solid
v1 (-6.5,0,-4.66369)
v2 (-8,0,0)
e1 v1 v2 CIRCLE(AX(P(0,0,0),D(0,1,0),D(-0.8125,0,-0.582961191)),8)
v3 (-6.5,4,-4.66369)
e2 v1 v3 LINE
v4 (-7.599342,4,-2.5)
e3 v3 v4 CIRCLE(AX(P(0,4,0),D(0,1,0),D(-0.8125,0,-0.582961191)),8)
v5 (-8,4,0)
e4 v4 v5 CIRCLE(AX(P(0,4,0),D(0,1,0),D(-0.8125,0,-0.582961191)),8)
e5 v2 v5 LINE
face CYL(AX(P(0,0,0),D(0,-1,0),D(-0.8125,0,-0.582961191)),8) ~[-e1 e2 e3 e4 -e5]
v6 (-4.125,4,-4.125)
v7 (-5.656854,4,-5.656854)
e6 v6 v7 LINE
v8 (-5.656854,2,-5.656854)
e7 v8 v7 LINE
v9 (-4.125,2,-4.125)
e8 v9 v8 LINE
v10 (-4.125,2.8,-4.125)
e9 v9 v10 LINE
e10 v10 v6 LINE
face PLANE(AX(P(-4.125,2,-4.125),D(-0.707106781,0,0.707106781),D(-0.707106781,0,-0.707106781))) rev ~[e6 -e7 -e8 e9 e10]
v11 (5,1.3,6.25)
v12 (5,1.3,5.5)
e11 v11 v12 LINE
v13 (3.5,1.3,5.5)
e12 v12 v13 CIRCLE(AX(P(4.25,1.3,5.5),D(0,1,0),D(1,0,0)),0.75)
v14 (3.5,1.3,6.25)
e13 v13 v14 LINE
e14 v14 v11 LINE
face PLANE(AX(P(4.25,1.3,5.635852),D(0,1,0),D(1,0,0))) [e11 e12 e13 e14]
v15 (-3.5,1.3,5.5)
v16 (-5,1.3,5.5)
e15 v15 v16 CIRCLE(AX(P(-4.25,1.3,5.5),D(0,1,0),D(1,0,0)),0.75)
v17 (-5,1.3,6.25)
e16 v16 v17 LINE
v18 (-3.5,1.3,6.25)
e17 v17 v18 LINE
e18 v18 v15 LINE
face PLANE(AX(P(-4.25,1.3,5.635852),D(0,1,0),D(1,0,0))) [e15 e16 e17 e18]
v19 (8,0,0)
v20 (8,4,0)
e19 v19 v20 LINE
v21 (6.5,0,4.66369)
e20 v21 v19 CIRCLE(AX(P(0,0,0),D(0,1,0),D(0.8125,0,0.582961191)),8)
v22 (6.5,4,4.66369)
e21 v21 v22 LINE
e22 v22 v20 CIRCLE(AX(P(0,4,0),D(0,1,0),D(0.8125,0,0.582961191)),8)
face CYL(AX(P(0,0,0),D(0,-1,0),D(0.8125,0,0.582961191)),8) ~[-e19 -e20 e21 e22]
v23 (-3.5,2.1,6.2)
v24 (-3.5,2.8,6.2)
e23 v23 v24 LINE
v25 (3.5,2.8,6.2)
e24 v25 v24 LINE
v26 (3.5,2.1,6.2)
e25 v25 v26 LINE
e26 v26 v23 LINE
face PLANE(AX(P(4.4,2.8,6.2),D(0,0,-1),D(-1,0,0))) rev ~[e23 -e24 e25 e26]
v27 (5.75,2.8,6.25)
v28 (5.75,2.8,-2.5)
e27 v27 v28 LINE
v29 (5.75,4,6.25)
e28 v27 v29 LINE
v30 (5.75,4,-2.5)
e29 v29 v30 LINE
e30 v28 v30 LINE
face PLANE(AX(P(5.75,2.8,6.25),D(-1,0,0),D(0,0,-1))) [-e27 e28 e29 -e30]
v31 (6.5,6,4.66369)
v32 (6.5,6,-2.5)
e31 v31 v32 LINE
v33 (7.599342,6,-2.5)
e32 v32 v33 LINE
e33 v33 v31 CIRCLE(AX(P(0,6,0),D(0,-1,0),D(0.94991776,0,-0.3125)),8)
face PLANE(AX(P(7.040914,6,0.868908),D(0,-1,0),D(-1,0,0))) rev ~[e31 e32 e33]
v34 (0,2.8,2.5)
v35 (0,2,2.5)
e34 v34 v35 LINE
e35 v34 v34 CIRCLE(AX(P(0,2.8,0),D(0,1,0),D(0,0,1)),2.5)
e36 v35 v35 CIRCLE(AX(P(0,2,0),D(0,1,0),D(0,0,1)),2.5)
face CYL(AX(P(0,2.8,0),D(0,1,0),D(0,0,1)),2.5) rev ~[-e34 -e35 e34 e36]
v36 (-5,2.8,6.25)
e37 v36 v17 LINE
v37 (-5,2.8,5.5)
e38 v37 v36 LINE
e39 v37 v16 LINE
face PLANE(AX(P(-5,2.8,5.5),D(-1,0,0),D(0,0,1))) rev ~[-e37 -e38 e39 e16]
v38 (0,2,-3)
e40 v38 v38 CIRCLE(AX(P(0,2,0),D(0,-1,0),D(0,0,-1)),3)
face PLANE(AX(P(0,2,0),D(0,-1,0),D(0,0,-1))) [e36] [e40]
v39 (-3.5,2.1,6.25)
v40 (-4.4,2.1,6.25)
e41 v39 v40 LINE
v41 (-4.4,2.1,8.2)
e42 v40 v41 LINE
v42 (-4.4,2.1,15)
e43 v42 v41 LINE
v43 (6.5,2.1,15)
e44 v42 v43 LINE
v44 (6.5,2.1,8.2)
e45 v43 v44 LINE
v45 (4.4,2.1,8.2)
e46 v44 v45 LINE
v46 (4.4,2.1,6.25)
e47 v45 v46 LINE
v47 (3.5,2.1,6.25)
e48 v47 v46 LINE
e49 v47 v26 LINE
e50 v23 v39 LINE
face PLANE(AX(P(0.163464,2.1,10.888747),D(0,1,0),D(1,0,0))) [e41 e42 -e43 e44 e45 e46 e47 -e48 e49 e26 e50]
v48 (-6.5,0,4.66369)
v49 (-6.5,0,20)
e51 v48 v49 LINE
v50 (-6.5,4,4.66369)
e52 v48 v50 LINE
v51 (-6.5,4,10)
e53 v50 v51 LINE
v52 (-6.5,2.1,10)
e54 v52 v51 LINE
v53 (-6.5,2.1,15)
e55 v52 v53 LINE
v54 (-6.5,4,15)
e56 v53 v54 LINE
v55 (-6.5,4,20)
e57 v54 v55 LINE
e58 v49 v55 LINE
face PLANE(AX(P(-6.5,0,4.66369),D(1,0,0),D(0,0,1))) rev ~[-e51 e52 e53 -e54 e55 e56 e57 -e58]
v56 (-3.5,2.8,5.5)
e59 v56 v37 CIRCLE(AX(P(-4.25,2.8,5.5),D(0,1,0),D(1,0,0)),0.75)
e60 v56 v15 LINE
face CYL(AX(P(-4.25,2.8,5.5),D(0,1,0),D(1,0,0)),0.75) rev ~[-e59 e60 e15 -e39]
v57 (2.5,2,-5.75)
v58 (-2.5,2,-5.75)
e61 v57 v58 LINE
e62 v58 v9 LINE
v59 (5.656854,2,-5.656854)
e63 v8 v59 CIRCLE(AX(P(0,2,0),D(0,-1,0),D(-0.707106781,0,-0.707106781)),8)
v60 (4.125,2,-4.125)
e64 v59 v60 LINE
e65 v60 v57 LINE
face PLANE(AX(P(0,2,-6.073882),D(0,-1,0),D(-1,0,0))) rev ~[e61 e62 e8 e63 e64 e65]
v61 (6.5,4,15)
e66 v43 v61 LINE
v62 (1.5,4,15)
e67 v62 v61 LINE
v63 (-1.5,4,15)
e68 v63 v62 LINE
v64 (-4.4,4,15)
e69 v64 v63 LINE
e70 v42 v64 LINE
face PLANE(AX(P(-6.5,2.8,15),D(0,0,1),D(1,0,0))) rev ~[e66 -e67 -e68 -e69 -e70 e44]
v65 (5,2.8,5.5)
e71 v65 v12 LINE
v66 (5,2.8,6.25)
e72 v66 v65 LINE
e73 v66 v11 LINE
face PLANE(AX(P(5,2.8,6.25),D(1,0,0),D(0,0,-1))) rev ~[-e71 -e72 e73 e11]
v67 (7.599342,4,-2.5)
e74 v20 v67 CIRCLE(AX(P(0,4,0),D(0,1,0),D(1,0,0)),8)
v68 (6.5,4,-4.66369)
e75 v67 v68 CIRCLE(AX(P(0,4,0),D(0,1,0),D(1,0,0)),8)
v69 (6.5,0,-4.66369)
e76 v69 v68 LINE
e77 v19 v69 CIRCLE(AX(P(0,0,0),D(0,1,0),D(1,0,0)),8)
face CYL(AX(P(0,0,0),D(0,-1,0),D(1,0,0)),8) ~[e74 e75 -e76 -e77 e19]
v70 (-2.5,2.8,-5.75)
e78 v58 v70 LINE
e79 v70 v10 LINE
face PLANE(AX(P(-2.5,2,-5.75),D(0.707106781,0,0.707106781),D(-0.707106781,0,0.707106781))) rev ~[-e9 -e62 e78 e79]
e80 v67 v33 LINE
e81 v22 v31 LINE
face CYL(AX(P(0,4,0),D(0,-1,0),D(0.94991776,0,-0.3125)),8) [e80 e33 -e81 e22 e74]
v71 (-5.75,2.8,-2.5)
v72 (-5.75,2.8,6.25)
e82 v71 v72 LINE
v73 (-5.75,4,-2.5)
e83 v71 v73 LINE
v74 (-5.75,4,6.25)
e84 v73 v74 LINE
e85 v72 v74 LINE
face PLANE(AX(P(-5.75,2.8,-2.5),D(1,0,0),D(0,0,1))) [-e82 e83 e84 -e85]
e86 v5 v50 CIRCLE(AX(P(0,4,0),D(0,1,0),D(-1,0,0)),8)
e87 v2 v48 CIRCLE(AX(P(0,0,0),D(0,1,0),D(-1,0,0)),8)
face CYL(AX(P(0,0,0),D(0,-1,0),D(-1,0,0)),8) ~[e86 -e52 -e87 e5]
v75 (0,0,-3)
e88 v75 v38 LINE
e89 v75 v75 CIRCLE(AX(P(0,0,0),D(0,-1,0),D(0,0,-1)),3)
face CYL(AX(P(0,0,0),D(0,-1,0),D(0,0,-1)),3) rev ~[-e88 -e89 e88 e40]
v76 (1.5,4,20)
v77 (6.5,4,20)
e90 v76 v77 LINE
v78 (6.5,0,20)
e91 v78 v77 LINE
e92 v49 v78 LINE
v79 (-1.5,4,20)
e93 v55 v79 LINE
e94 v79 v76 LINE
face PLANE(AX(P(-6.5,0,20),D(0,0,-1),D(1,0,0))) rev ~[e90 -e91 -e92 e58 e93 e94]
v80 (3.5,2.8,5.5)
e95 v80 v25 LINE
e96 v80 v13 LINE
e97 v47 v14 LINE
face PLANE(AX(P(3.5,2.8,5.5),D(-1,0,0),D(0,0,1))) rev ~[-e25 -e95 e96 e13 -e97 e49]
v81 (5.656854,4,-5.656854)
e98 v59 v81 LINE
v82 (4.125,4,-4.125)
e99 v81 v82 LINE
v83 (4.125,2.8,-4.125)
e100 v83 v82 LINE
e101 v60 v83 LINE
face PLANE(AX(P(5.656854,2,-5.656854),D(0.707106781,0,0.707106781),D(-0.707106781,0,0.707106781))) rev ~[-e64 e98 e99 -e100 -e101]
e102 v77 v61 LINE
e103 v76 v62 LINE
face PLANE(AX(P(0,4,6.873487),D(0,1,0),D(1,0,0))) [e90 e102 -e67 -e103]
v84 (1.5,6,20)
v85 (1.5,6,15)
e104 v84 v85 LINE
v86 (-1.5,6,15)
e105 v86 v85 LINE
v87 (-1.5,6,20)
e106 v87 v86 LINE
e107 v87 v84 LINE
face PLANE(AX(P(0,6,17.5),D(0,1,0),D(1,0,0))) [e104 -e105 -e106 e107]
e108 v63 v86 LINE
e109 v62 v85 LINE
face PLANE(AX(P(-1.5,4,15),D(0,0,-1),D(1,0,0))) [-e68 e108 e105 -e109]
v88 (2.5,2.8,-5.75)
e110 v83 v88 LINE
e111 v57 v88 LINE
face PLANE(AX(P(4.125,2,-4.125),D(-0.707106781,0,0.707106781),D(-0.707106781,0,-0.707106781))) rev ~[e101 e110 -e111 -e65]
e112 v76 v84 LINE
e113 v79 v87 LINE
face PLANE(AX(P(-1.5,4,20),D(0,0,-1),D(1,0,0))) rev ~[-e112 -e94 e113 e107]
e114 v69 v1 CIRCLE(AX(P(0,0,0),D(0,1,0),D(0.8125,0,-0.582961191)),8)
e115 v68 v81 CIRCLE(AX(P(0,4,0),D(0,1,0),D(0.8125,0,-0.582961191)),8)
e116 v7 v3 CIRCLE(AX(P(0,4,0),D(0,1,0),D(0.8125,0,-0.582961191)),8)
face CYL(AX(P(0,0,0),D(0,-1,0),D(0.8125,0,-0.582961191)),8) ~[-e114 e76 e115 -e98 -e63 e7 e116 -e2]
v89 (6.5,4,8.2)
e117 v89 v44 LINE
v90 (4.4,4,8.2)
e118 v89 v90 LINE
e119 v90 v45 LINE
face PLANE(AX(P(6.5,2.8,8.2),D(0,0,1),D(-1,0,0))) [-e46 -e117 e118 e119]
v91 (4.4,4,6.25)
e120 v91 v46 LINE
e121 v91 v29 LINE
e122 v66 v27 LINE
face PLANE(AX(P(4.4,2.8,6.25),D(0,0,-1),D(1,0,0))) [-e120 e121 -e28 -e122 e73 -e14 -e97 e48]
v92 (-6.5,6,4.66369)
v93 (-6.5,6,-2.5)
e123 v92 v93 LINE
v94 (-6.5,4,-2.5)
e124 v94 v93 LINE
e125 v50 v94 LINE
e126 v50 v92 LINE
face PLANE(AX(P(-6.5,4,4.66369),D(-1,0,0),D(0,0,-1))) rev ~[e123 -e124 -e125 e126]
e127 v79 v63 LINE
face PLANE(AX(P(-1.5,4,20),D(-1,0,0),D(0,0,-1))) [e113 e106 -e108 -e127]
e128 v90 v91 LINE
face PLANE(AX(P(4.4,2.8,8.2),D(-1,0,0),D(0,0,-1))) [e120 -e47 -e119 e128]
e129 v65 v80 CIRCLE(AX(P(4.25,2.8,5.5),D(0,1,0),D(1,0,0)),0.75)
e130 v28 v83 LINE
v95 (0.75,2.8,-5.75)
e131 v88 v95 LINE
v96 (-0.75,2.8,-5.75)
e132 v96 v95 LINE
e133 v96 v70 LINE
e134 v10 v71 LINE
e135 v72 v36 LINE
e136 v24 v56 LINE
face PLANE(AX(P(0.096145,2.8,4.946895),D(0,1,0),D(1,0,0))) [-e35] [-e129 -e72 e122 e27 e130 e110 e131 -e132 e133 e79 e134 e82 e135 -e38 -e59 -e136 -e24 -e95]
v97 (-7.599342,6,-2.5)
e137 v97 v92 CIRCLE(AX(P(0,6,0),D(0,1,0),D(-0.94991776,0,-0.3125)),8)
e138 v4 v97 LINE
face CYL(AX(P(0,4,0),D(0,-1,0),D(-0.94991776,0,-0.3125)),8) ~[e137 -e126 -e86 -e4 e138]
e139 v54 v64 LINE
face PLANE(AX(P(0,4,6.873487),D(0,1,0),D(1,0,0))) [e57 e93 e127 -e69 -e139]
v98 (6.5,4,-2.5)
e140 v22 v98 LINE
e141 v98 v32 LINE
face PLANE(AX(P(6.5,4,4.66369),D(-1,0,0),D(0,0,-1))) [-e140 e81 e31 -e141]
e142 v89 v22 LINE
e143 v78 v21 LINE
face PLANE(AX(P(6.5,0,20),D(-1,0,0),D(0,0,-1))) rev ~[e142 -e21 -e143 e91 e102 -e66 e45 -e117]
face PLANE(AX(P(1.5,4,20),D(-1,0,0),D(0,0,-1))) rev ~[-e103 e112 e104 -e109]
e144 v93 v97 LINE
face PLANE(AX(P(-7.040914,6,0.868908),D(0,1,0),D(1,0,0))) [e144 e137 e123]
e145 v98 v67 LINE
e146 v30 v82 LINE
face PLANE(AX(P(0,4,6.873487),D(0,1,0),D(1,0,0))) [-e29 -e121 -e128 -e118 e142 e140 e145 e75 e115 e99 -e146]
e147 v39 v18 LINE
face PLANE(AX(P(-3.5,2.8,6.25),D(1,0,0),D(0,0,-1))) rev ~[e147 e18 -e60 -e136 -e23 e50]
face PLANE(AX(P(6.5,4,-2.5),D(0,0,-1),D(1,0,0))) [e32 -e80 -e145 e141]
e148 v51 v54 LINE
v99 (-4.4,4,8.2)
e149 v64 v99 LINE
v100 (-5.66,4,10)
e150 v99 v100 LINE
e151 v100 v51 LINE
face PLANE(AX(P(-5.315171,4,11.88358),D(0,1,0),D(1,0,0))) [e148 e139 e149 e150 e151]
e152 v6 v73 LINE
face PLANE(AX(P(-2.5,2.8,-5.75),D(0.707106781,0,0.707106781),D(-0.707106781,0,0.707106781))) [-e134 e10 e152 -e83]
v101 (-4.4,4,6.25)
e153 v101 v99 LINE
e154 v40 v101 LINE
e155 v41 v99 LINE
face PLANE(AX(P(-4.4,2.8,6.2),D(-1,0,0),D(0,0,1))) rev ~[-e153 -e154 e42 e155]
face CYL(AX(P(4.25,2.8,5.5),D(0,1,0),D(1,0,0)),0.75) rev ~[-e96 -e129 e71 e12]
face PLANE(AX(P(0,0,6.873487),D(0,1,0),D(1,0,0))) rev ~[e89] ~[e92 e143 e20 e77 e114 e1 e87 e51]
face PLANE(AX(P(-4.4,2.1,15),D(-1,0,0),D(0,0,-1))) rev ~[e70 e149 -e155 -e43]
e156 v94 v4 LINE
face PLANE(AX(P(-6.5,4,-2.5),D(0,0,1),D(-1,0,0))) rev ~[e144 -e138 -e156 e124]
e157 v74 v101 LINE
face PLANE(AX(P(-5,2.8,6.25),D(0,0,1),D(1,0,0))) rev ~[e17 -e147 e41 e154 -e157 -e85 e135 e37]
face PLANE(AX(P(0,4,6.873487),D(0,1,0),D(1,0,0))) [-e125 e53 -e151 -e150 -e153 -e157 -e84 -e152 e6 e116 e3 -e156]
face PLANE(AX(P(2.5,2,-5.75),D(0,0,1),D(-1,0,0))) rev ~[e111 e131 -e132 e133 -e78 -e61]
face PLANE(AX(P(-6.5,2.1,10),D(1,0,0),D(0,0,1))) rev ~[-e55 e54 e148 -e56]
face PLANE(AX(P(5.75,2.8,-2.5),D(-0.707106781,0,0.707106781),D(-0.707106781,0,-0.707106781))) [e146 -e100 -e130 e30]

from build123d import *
from build123d.topology import SkipClean

# Parameters (mm, degrees)
BOSS_EXTRUDE1_DEPTH = 4
SKETCH2_R           = 3
CUT_EXTRUDE1_DEPTH  = 2
SKETCH3_R           = 1.5
CUT_EXTRUDE2_DEPTH  = 22.633307653
CUT_EXTRUDE4_START  = -1.2
CUT_EXTRUDE4_DEPTH  = 1.2
CUT_EXTRUDE6_DEPTH  = 1.5
CUT_EXTRUDE7_DEPTH  = 0.7
BOSS_EXTRUDE3_DEPTH = 2
CUT_EXTRUDE12_START = -2
CUT_EXTRUDE12_DEPTH = 2
SKETCH6_R           = 2.5
CUT_EXTRUDE13_DEPTH = 22.777052142
SKETCH16_W          = 3
SKETCH16_H          = 5
BOSS_EXTRUDE4_DEPTH = 2
BOSS_EXTRUDE6_DEPTH = 1.9


with BuildPart() as part:
    # Sketch1 → Boss-Extrude1 (new body)
    with BuildSketch(Plane(origin=(0, 0, 0), x_dir=(1, 0, 0), z_dir=(0, 1, 0))):
        with BuildLine():
            Line((6.5, -20), (6.5, -4.663689527))
            ThreePointArc((6.5, -4.663689527), (7.615773106, -2.449489743), (8, 0))
            ThreePointArc((8, 0), (7.615773106, 2.449489743), (6.5, 4.663689527))
            ThreePointArc((6.5, 4.663689527), (0, 8), (-6.5, 4.663689527))
            ThreePointArc((-6.5, 4.663689527), (-7.615773106, 2.449489743), (-8, 0))
            ThreePointArc((-8, 0), (-7.615773106, -2.449489743), (-6.5, -4.663689527))
            Line((-6.5, -4.663689527), (-6.5, -20))
            Line((-6.5, -20), (6.5, -20))
        make_face()
    extrude(amount=BOSS_EXTRUDE1_DEPTH)

    # Sketch2 → Cut-Extrude1 (cut)
    with BuildSketch(Plane.XZ):
        with Locations(Location((0, 0, 0), (0, 0, 270))):
            Circle(SKETCH2_R)
    extrude(amount=-CUT_EXTRUDE1_DEPTH, mode=Mode.SUBTRACT)

    # Sketch3 → Cut-Extrude2 (cut, through all)
    with BuildSketch(Plane.XZ.offset(-2)):
        with Locations(Location((0, 0, 0), (0, 0, 270))):
            Circle(SKETCH3_R)
    extrude(amount=-CUT_EXTRUDE2_DEPTH, mode=Mode.SUBTRACT)

    # Sketch5 → Cut-Extrude4 (cut)
    with BuildSketch(Plane(origin=(0, 4, 0), x_dir=(1, 0, 0), z_dir=(0, 1, 0)).offset(CUT_EXTRUDE4_START)):
        with BuildLine():
            Line((5.75, 2.5), (2.5, 5.75))
            Line((2.5, 5.75), (0.75, 5.75))
            Line((0.75, 5.75), (0.75, 7.964766161))
            ThreePointArc((0.75, 7.964766161), (0, 8), (-0.75, 7.964766161))
            Line((-0.75, 7.964766161), (-0.75, 5.75))
            Line((-0.75, 5.75), (-2.5, 5.75))
            Line((-2.5, 5.75), (-5.75, 2.5))
            Line((-5.75, 2.5), (-5.75, -6.25))
            Line((-5.75, -6.25), (-4.4, -6.25))
            Line((-4.4, -6.25), (-4.4, -8.2))
            Line((-4.4, -8.2), (-5.66, -10))
            Line((-5.66, -10), (-6.5, -10))
            Line((-6.5, -10), (-6.5, -11.2))
            Line((-6.5, -11.2), (-6.5, -15))
            Line((-6.5, -15), (6.5, -15))
            Line((6.5, -15), (6.5, -11.2))
            Line((6.5, -11.2), (6.5, -10))
            Line((6.5, -10), (6.5, -8.2))
            Line((6.5, -8.2), (4.4, -8.2))
            Line((4.4, -8.2), (4.4, -6.25))
            Line((4.4, -6.25), (5.75, -6.25))
            Line((5.75, -6.25), (5.75, 2.5))
        make_face()
    extrude(amount=CUT_EXTRUDE4_DEPTH, mode=Mode.SUBTRACT)

    # Sketch7 → Cut-Extrude6 (cut)
    with BuildSketch(Plane(origin=(0, 2.8, 0), x_dir=(1, 0, 0), z_dir=(0, 1, 0))):
        with BuildLine():
            Line((-4.999999999, -5.5), (-4.999999999, -6.25))
            Line((-4.999999999, -6.25), (-3.499999999, -6.25))
            Line((-3.499999999, -6.25), (-3.499999999, -5.5))
            ThreePointArc((-3.499999999, -5.5), (-4.249999999, -4.75), (-4.999999999, -5.5))
        make_face()
        with BuildLine():
            Line((3.500000001, -5.5), (3.500000001, -6.25))
            Line((3.500000001, -6.25), (5.000000001, -6.25))
            Line((5.000000001, -6.25), (5.000000001, -5.5))
            ThreePointArc((5.000000001, -5.5), (4.250000001, -4.75), (3.500000001, -5.5))
        make_face()
    extrude(amount=-CUT_EXTRUDE6_DEPTH, mode=Mode.SUBTRACT)

    # Sketch9 → Cut-Extrude7 (cut)
    with BuildSketch(Plane(origin=(0, 2.8, 0), x_dir=(1, 0, 0), z_dir=(0, 1, 0))):
        Polygon((-6.5, -15), (6.5, -15), (6.5, -8.2), (4.4, -8.2), (4.4, -6.2), (-4.4, -6.2), (-4.4, -8.2), (-5.66, -10), (-6.5, -10), align=None)
    extrude(amount=-CUT_EXTRUDE7_DEPTH, mode=Mode.SUBTRACT)

    # Sketch14 → Boss-Extrude3 (add)
    with SkipClean():  # the faces are left unmerged after this step: merging them gives an invalid solid
        with BuildSketch(Plane(origin=(0, 4, 0), x_dir=(1, 0, 0), z_dir=(0, 1, 0))):
            with BuildLine():
                Line((6.5, -4.663689527), (6.5, 2.5))
                Line((6.5, 2.5), (7.599342077, 2.5))
                ThreePointArc((7.599342077, 2.5), (7.907431546, -1.213476964), (6.5, -4.663689527))
            make_face()
            with BuildLine():
                Line((-6.5, -4.663689527), (-6.5, 2.5))
                Line((-6.5, 2.5), (-7.599342077, 2.5))
                ThreePointArc((-7.599342077, 2.5), (-7.907431546, -1.213476964), (-6.5, -4.663689527))
            make_face()
        extrude(amount=BOSS_EXTRUDE3_DEPTH)

    # Sketch15 → Cut-Extrude12 (cut)
    with SkipClean():  # the faces are left unmerged after this step: merging them gives an invalid solid
        with BuildSketch(Plane(origin=(0, 4, 0), x_dir=(1, 0, 0), z_dir=(0, 1, 0)).offset(CUT_EXTRUDE12_START)):
            with BuildLine():
                Line((2.5, 5.75), (-2.5, 5.75))
                Line((-2.5, 5.75), (-4.125, 4.125))
                Line((-4.125, 4.125), (-5.656854249, 5.656854249))
                ThreePointArc((-5.656854249, 5.656854249), (0, 8), (5.656854249, 5.656854249))
                Line((5.656854249, 5.656854249), (4.125, 4.125))
                Line((4.125, 4.125), (2.5, 5.75))
            make_face()
        extrude(amount=CUT_EXTRUDE12_DEPTH, mode=Mode.SUBTRACT)

    # Sketch6 → Cut-Extrude13 (cut, through all)
    with SkipClean():  # the faces are left unmerged after this step: merging them gives an invalid solid
        with BuildSketch(Plane(origin=(0, 2.8, 0), x_dir=(1, 0, 0), z_dir=(0, 1, 0))):
            with Locations(Location((0, 0, 0), (0, 0, 270))):
                Circle(SKETCH6_R)
        extrude(amount=-CUT_EXTRUDE13_DEPTH, mode=Mode.SUBTRACT)

    # Sketch16 → Boss-Extrude4 (add)
    with SkipClean():  # the faces are left unmerged after this step: merging them gives an invalid solid
        with BuildSketch(Plane(origin=(0, 4, 0), x_dir=(1, 0, 0), z_dir=(0, 1, 0))):
            with Locations((0, -17.5)):
                Rectangle(SKETCH16_W, SKETCH16_H)
        extrude(amount=BOSS_EXTRUDE4_DEPTH)

    # Sketch18 → Boss-Extrude6 (add)
    with SkipClean():  # the faces are left unmerged after this step: merging them gives an invalid solid
        with BuildSketch(Plane(origin=(0, 2.1, 0), x_dir=(1, 0, 0), z_dir=(0, 1, 0))):
            Polygon((-4.4, -8.2), (-5.66, -10), (-6.5, -10), (-6.5, -15), (-4.4, -15), align=None)
        extrude(amount=BOSS_EXTRUDE6_DEPTH)


solid = part.part
